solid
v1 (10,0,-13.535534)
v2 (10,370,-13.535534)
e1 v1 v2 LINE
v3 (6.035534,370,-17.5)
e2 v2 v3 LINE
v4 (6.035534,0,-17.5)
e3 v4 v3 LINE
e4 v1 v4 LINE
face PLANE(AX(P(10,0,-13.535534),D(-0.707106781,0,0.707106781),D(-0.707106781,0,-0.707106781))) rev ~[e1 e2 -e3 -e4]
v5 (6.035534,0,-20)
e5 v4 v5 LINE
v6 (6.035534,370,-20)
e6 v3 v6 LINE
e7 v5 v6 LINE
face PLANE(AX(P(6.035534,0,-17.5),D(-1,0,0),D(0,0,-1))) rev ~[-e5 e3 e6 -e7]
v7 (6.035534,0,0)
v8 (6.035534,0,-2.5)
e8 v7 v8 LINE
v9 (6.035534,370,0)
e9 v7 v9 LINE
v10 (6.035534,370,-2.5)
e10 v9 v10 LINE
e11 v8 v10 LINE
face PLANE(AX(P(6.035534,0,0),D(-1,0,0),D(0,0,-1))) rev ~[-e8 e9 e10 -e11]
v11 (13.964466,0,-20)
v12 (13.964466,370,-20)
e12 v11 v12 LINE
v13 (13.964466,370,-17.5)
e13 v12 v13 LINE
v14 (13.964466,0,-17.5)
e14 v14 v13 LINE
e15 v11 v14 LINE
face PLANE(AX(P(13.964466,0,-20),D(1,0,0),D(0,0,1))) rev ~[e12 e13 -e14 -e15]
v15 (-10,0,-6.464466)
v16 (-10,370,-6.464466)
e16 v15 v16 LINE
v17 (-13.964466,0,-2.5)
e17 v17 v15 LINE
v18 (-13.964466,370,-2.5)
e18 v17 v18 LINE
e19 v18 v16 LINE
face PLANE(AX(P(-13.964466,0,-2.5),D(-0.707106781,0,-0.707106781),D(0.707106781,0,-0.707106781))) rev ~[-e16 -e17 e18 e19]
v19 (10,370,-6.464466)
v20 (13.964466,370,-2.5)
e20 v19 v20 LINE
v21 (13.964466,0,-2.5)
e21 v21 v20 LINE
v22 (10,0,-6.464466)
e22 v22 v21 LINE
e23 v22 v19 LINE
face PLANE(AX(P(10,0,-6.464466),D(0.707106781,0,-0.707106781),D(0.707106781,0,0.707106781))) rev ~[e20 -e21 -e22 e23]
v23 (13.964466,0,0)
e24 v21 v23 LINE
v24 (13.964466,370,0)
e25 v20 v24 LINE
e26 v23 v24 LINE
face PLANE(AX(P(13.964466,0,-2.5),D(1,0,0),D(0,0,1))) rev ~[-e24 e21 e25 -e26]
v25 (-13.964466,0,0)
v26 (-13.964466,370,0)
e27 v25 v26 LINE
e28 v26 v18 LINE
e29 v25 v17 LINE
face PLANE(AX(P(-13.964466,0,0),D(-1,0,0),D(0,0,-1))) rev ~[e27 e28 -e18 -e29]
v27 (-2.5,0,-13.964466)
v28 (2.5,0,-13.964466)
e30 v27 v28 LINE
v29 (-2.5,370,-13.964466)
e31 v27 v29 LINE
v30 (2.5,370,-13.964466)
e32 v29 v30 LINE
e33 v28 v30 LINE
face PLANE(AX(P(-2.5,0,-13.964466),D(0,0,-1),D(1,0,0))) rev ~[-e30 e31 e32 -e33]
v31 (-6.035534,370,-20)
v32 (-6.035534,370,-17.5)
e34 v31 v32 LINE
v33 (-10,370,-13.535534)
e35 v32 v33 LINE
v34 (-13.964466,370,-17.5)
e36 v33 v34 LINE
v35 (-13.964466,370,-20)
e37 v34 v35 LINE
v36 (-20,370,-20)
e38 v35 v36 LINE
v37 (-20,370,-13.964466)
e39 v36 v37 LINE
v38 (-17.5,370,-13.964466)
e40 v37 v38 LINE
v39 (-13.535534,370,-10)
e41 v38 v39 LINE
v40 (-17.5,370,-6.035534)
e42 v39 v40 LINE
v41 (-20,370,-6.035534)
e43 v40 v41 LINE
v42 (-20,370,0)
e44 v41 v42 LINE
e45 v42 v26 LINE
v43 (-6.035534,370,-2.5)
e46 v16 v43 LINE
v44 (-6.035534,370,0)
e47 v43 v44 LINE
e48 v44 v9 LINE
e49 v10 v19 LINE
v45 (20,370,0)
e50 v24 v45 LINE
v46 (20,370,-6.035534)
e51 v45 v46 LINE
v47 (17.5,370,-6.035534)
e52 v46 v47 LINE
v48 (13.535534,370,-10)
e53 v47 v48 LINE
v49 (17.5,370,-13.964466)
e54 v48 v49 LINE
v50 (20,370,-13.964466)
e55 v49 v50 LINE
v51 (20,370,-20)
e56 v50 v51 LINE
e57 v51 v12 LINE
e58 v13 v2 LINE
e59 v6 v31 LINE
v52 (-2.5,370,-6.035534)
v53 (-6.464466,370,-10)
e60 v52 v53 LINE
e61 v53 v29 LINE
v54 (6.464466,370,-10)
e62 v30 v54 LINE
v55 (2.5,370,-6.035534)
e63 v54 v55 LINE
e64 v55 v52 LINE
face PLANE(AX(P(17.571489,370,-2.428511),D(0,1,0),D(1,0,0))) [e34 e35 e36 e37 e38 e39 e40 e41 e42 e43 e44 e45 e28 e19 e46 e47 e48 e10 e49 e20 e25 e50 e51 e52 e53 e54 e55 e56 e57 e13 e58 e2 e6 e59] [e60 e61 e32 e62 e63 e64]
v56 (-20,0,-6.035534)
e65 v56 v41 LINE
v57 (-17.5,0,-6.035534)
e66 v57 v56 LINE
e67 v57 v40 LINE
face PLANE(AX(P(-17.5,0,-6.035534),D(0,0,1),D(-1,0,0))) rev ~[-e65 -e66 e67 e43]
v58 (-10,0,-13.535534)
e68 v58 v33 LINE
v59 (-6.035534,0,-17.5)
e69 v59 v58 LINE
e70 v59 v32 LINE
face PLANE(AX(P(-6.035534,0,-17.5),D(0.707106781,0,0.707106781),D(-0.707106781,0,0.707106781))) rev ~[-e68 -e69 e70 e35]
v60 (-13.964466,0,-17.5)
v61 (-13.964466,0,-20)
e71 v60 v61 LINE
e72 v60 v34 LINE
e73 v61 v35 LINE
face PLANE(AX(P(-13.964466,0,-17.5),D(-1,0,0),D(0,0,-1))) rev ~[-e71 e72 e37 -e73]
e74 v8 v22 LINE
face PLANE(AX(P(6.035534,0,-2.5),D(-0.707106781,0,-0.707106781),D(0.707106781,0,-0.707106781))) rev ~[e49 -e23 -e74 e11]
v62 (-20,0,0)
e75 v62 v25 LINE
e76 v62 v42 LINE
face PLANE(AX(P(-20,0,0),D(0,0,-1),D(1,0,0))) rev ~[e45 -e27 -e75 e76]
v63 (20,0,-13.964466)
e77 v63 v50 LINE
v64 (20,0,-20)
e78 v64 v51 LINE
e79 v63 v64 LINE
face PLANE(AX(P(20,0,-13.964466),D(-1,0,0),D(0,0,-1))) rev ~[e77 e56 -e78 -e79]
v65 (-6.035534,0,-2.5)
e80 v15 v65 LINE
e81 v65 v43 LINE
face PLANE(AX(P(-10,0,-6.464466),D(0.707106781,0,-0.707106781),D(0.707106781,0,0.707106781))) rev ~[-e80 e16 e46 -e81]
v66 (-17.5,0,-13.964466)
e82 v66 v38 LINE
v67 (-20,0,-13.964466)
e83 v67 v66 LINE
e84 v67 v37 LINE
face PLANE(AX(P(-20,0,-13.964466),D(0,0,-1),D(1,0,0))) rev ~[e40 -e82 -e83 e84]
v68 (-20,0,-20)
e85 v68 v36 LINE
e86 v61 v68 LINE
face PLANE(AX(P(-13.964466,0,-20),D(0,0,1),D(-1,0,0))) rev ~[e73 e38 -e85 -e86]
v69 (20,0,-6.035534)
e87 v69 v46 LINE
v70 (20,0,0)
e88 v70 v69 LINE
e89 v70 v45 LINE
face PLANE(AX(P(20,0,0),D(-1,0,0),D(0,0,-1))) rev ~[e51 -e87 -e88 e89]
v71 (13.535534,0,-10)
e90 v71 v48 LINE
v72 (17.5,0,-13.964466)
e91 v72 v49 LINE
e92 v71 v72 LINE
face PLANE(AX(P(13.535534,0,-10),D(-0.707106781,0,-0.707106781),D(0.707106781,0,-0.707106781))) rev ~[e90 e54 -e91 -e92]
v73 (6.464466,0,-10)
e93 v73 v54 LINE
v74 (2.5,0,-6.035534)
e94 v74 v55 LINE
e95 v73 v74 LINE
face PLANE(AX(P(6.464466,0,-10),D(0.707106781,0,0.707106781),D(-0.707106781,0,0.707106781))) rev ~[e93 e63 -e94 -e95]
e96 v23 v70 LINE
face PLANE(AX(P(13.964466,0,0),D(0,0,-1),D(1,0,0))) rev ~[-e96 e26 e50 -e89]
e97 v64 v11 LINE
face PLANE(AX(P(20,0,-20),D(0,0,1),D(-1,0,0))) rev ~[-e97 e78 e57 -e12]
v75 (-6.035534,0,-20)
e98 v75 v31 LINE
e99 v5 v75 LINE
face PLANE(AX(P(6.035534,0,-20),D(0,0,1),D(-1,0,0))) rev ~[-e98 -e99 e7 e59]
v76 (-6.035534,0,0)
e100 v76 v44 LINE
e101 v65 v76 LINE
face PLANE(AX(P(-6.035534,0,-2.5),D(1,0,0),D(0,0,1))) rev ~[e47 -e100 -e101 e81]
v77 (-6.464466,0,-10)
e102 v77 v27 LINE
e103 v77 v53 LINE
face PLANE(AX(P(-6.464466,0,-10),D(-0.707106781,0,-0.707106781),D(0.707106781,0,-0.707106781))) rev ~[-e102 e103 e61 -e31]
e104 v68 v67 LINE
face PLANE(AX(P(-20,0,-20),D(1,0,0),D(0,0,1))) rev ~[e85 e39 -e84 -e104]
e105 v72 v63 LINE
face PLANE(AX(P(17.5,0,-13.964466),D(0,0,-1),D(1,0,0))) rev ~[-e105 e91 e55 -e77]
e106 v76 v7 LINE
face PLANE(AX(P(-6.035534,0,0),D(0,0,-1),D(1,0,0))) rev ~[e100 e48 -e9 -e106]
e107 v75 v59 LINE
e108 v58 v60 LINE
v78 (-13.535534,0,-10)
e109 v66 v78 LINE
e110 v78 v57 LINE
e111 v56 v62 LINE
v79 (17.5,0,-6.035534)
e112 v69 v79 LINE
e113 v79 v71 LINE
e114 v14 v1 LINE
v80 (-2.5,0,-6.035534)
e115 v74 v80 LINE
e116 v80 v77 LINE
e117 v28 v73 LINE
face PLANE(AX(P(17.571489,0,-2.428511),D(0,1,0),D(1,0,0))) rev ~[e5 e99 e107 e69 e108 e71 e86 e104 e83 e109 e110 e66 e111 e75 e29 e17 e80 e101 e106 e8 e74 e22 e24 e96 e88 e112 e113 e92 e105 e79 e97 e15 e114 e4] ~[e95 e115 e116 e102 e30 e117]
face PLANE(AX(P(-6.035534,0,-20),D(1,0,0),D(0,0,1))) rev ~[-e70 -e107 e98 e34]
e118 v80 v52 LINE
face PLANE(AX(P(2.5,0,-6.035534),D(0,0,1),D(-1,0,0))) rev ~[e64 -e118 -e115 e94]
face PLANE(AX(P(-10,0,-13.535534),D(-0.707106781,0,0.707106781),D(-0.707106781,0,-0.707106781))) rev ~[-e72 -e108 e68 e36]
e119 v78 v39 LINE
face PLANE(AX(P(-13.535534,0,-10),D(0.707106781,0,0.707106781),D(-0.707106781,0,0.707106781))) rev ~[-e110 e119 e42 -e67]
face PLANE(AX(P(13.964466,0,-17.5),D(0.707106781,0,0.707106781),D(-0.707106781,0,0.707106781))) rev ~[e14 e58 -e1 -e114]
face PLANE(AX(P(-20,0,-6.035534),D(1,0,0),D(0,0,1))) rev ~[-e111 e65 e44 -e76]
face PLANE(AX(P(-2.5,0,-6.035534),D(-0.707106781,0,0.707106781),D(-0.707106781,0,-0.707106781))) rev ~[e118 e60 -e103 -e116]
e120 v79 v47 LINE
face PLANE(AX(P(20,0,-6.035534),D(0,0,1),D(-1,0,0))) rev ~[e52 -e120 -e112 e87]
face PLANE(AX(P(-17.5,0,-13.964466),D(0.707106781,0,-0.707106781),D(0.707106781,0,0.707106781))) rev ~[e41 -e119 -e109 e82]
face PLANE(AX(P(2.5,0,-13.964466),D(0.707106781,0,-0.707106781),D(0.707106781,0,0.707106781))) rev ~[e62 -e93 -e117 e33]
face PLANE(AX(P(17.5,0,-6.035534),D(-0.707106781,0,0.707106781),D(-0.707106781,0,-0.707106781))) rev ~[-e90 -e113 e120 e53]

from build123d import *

# Parameters (mm, degrees)
BOSS_EXTRU_2_DEPTH = 370


with BuildPart() as part:
    # Esquisse1<3> → Boss.-Extru.2 (new body)
    with BuildSketch(Plane(origin=(0, 0, 0), x_dir=(1, 0, 0), z_dir=(0, 1, 0))):
        Polygon((-6.035533906, 17.5), (-10, 13.535533906), (-13.964466094, 17.5), (-13.964466094, 20), (-20, 20), (-20, 13.964466094), (-17.5, 13.964466094), (-13.535533906, 10), (-17.5, 6.035533906), (-20, 6.035533906), (-20, 0), (-13.964466094, 0), (-13.964466094, 2.5), (-10, 6.464466094), (-6.035533906, 2.5), (-6.035533906, 0), (6.035533906, 0), (6.035533906, 2.5), (10, 6.464466094), (13.964466094, 2.5), (13.964466094, 0), (20, 0), (20, 6.035533906), (17.5, 6.035533906), (13.535533906, 10), (17.5, 13.964466094), (20, 13.964466094), (20, 20), (13.964466094, 20), (13.964466094, 17.5), (10, 13.535533906), (6.035533906, 17.5), (6.035533906, 20), (-6.035533906, 20), align=None)
        Polygon((-6.464466094, 10), (-2.5, 13.964466094), (2.5, 13.964466094), (6.464466094, 10), (2.5, 6.035533906), (-2.5, 6.035533906), align=None, mode=Mode.SUBTRACT)
    extrude(amount=BOSS_EXTRU_2_DEPTH)


solid = part.part
